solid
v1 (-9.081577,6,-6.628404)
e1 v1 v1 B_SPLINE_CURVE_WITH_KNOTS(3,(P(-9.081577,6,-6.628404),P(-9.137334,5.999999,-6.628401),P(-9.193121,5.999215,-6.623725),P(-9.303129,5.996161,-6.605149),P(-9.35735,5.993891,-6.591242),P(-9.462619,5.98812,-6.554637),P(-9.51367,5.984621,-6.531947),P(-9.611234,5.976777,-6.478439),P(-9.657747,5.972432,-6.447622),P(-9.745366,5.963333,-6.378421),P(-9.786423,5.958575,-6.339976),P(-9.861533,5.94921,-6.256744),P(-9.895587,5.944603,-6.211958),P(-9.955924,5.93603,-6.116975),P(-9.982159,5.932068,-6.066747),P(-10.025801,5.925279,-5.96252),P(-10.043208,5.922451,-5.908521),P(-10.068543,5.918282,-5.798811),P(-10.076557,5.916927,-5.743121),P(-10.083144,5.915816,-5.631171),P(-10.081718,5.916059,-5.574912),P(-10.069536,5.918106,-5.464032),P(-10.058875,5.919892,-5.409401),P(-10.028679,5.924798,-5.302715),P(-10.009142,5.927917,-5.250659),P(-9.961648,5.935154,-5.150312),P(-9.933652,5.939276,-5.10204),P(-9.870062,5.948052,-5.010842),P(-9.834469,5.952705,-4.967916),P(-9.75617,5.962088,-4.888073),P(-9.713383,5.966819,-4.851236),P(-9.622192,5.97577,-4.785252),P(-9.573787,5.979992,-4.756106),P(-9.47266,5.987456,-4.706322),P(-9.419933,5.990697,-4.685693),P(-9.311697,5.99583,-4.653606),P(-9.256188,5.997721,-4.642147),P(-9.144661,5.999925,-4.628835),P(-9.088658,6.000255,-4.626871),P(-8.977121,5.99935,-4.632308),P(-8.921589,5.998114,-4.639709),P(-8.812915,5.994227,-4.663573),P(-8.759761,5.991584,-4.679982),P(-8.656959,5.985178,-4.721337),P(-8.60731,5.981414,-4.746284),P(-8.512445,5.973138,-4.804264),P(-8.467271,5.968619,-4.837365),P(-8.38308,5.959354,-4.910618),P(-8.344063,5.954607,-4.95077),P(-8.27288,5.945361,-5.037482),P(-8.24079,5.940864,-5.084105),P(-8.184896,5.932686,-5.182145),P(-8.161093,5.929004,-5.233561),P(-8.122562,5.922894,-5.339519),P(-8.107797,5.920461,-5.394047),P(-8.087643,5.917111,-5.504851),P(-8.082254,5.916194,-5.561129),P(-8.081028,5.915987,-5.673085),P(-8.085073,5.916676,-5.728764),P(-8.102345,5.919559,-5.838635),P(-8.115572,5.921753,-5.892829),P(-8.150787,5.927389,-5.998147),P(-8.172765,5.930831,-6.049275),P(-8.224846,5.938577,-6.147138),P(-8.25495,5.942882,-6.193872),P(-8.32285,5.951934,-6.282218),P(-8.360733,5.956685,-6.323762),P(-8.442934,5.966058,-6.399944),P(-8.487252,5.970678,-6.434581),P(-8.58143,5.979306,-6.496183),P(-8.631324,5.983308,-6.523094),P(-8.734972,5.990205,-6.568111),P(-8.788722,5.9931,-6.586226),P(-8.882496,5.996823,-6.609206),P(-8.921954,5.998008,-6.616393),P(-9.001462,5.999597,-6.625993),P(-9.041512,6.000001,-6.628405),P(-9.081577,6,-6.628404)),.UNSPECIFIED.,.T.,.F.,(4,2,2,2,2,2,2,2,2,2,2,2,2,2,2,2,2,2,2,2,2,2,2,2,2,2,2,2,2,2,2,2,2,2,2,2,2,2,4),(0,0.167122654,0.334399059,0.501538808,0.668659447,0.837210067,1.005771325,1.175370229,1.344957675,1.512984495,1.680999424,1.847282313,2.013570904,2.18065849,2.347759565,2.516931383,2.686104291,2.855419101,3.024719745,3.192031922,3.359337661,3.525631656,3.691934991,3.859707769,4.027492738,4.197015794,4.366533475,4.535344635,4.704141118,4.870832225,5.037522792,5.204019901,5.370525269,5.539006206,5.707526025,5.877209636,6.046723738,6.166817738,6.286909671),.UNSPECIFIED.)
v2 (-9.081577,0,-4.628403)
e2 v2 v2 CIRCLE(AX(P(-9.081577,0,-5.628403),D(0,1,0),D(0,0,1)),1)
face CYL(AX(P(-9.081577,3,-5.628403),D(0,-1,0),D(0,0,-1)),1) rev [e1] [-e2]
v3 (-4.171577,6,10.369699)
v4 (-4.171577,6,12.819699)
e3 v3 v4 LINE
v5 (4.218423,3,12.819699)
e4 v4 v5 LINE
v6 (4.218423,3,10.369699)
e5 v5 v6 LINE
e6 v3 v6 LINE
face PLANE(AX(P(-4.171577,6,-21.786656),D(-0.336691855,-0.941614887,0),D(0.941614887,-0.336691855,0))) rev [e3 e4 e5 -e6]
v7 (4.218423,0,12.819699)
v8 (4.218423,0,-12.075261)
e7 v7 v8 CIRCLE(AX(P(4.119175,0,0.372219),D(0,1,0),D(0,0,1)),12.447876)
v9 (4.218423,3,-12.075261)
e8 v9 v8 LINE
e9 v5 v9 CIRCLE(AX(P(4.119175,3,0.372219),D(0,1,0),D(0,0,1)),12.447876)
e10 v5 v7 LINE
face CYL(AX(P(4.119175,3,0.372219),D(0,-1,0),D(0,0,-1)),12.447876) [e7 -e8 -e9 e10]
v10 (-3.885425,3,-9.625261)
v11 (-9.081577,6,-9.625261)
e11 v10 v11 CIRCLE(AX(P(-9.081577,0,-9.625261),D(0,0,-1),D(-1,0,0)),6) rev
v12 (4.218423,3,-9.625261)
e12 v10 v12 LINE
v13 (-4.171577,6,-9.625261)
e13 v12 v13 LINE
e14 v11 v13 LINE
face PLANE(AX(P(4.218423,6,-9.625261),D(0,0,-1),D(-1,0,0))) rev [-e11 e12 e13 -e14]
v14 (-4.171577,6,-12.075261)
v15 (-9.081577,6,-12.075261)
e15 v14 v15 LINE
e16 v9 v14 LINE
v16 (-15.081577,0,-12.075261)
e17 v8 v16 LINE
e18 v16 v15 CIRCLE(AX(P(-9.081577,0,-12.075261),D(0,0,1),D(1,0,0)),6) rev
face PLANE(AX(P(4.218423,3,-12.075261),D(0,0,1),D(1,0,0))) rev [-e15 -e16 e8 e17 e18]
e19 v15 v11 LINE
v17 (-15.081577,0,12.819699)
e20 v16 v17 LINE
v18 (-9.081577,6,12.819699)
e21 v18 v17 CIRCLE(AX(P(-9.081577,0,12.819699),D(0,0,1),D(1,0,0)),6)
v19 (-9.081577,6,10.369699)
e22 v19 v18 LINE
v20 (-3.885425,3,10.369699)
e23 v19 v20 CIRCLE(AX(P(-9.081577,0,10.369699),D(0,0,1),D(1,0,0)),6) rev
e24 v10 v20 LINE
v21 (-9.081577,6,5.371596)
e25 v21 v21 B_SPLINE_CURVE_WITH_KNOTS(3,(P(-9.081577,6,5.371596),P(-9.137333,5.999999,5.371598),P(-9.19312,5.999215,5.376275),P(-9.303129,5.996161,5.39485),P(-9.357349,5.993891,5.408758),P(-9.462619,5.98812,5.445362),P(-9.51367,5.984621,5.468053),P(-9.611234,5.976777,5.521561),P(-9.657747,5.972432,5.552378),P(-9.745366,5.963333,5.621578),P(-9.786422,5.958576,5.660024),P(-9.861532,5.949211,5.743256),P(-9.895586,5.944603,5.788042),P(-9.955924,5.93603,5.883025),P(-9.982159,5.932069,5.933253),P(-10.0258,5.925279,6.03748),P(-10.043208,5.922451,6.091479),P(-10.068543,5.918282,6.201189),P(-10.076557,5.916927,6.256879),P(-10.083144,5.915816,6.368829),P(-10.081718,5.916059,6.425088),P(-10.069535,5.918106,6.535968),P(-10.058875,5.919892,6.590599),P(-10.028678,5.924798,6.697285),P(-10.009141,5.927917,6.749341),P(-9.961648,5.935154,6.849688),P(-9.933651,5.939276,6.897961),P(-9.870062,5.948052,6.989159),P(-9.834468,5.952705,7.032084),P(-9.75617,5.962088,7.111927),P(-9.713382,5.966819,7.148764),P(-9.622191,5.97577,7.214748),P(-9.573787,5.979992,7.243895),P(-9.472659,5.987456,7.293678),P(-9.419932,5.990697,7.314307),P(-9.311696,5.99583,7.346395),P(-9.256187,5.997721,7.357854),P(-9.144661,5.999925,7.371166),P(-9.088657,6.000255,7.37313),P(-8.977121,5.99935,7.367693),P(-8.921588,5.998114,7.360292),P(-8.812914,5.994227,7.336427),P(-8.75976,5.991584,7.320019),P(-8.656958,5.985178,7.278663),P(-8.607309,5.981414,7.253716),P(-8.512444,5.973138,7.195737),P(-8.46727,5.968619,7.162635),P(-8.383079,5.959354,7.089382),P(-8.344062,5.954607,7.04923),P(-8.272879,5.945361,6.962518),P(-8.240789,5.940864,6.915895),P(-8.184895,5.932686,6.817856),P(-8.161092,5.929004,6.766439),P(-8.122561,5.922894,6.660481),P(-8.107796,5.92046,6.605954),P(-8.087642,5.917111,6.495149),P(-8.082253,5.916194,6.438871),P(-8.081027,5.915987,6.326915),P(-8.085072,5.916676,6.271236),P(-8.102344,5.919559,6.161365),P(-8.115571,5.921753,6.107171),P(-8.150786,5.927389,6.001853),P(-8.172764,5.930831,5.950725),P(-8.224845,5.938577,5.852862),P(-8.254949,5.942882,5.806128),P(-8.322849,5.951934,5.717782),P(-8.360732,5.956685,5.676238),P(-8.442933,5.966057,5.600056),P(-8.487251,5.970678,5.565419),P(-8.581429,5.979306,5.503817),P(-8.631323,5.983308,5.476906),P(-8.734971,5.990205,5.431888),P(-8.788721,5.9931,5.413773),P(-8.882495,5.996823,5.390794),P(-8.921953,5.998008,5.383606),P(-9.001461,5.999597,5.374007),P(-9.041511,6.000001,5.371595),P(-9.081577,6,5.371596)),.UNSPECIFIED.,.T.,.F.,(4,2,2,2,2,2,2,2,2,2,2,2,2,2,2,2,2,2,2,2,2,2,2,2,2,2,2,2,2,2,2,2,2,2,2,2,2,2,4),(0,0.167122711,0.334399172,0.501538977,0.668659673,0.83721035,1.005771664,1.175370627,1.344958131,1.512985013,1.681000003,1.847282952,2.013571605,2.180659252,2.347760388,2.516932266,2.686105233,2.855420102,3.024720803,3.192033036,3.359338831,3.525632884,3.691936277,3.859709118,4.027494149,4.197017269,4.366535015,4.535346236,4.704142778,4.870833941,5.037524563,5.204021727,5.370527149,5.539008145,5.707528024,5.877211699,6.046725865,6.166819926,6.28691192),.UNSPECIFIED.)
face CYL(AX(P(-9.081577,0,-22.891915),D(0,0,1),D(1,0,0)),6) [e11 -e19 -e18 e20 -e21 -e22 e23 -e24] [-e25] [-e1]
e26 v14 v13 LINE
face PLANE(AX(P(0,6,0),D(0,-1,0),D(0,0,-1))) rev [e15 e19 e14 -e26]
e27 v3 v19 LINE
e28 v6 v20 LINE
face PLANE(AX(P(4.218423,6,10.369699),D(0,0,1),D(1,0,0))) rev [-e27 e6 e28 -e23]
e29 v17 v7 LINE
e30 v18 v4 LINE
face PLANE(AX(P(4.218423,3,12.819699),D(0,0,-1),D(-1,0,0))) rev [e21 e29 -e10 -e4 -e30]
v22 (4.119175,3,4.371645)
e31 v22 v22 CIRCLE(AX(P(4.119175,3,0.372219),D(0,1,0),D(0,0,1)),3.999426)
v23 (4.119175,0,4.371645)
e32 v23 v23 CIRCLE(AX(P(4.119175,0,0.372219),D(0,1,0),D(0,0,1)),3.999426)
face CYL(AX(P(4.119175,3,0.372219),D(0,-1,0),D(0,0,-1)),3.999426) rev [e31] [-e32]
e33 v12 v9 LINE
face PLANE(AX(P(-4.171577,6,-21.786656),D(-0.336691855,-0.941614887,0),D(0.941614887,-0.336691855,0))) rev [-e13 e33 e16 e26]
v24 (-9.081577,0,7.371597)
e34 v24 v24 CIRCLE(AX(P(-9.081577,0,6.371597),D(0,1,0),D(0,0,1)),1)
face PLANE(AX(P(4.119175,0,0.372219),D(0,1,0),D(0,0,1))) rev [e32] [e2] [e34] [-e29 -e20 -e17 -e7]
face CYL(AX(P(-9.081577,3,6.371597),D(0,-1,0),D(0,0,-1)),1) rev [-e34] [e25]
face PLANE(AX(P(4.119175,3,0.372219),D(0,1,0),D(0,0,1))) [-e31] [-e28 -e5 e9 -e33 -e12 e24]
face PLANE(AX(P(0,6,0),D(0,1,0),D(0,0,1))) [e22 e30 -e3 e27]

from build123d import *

# Parameters (mm, degrees)
CROQUIS1_R              = 3.999426158
CROQUIS1_R_2            = 1.000000121
CROQUIS1_R_3            = 1.000000477
SALIENTE_EXTRUIR1_DEPTH = 3
SALIENTE_EXTRUIR2_DEPTH = 24.89496
CROQUIS3_W              = 13.299999714
CROQUIS3_H              = 2.45
SALIENTE_EXTRUIR3_DEPTH = 3
CORTAR_EXTRUIR1_DEPTH   = 24.89496
CROQUIS5_R              = 1.000000121
CROQUIS5_R_2            = 1.000000477
CORTAR_EXTRUIR2_DEPTH   = 11


with BuildPart() as part:
    # Croquis1 → Saliente-Extruir1 (new body)
    with BuildSketch(Plane(origin=(0, 0, 0), x_dir=(1, 0, 0), z_dir=(0, 1, 0))):
        with BuildLine():
            Line((4.218422555, -12.81969876), (-15.081577159, -12.81969876))
            Line((-15.081577159, -12.81969876), (-15.081577159, 12.075260967))
            Line((-15.081577159, 12.075260967), (4.218422555, 12.075260967))
            ThreePointArc((4.218422555, 12.075260967), (16.567050884, -0.372218896), (4.218422555, -12.81969876))
        make_face()
        with Locations((4.119175364, -0.372218896)):
            Circle(CROQUIS1_R, mode=Mode.SUBTRACT)
        with Locations((-9.081577367, 5.628403394)):
            Circle(CROQUIS1_R_2, mode=Mode.SUBTRACT)
        with Locations((-9.081576585, -6.371596672)):
            Circle(CROQUIS1_R_3, mode=Mode.SUBTRACT)
    extrude(amount=SALIENTE_EXTRUIR1_DEPTH)

    # Croquis2 → Saliente-Extruir2 (add)
    with BuildSketch(Plane.XY.offset(12.81969876)):
        with BuildLine():
            Line((-14.277729582, 3), (-3.885424736, 3))
            ThreePointArc((-3.885424736, 3), (-9.081577159, 6), (-14.277729582, 3))
        make_face()
    extrude(amount=-SALIENTE_EXTRUIR2_DEPTH)

    # Croquis3 → Saliente-Extruir3 (add)
    with BuildSketch(Plane(origin=(0, 3, 0), x_dir=(1, 0, 0), z_dir=(0, 1, 0))):
        with Locations((-2.431577302, -11.59469876)):
            Rectangle(CROQUIS3_W, CROQUIS3_H)
        with Locations((-2.431577302, 10.850260967)):
            Rectangle(CROQUIS3_W, CROQUIS3_H)
    extrude(amount=SALIENTE_EXTRUIR3_DEPTH)

    # Croquis4 → Cortar-Extruir1 (cut)
    with BuildSketch(Plane.XY.offset(12.81969876)):
        Polygon((-4.171577445, 6), (4.218422555, 3), (4.218422555, 6), align=None)
        with BuildLine():
            Line((-15.081577159, 0), (-16.256016644, 0))
            ThreePointArc((-16.256016644, 0), (-14.36312843, 4.855697487), (-9.683294652, 7.149162047))
            Line((-9.683294652, 7.149162047), (-9.683294652, 5.969751759))
            ThreePointArc((-9.683294652, 5.969751759), (-13.53187518, 4.024282237), (-15.081577159, 0))
        make_face()
    extrude(amount=-CORTAR_EXTRUIR1_DEPTH, mode=Mode.SUBTRACT)

    # Croquis5 → Cortar-Extruir2 (cut)
    with BuildSketch(Plane.XZ):
        with Locations((-9.081577367, -5.628403394)):
            Circle(CROQUIS5_R)
        with Locations((-9.081576585, 6.371596672)):
            Circle(CROQUIS5_R_2)
    extrude(amount=-CORTAR_EXTRUIR2_DEPTH, mode=Mode.SUBTRACT)


solid = part.part
